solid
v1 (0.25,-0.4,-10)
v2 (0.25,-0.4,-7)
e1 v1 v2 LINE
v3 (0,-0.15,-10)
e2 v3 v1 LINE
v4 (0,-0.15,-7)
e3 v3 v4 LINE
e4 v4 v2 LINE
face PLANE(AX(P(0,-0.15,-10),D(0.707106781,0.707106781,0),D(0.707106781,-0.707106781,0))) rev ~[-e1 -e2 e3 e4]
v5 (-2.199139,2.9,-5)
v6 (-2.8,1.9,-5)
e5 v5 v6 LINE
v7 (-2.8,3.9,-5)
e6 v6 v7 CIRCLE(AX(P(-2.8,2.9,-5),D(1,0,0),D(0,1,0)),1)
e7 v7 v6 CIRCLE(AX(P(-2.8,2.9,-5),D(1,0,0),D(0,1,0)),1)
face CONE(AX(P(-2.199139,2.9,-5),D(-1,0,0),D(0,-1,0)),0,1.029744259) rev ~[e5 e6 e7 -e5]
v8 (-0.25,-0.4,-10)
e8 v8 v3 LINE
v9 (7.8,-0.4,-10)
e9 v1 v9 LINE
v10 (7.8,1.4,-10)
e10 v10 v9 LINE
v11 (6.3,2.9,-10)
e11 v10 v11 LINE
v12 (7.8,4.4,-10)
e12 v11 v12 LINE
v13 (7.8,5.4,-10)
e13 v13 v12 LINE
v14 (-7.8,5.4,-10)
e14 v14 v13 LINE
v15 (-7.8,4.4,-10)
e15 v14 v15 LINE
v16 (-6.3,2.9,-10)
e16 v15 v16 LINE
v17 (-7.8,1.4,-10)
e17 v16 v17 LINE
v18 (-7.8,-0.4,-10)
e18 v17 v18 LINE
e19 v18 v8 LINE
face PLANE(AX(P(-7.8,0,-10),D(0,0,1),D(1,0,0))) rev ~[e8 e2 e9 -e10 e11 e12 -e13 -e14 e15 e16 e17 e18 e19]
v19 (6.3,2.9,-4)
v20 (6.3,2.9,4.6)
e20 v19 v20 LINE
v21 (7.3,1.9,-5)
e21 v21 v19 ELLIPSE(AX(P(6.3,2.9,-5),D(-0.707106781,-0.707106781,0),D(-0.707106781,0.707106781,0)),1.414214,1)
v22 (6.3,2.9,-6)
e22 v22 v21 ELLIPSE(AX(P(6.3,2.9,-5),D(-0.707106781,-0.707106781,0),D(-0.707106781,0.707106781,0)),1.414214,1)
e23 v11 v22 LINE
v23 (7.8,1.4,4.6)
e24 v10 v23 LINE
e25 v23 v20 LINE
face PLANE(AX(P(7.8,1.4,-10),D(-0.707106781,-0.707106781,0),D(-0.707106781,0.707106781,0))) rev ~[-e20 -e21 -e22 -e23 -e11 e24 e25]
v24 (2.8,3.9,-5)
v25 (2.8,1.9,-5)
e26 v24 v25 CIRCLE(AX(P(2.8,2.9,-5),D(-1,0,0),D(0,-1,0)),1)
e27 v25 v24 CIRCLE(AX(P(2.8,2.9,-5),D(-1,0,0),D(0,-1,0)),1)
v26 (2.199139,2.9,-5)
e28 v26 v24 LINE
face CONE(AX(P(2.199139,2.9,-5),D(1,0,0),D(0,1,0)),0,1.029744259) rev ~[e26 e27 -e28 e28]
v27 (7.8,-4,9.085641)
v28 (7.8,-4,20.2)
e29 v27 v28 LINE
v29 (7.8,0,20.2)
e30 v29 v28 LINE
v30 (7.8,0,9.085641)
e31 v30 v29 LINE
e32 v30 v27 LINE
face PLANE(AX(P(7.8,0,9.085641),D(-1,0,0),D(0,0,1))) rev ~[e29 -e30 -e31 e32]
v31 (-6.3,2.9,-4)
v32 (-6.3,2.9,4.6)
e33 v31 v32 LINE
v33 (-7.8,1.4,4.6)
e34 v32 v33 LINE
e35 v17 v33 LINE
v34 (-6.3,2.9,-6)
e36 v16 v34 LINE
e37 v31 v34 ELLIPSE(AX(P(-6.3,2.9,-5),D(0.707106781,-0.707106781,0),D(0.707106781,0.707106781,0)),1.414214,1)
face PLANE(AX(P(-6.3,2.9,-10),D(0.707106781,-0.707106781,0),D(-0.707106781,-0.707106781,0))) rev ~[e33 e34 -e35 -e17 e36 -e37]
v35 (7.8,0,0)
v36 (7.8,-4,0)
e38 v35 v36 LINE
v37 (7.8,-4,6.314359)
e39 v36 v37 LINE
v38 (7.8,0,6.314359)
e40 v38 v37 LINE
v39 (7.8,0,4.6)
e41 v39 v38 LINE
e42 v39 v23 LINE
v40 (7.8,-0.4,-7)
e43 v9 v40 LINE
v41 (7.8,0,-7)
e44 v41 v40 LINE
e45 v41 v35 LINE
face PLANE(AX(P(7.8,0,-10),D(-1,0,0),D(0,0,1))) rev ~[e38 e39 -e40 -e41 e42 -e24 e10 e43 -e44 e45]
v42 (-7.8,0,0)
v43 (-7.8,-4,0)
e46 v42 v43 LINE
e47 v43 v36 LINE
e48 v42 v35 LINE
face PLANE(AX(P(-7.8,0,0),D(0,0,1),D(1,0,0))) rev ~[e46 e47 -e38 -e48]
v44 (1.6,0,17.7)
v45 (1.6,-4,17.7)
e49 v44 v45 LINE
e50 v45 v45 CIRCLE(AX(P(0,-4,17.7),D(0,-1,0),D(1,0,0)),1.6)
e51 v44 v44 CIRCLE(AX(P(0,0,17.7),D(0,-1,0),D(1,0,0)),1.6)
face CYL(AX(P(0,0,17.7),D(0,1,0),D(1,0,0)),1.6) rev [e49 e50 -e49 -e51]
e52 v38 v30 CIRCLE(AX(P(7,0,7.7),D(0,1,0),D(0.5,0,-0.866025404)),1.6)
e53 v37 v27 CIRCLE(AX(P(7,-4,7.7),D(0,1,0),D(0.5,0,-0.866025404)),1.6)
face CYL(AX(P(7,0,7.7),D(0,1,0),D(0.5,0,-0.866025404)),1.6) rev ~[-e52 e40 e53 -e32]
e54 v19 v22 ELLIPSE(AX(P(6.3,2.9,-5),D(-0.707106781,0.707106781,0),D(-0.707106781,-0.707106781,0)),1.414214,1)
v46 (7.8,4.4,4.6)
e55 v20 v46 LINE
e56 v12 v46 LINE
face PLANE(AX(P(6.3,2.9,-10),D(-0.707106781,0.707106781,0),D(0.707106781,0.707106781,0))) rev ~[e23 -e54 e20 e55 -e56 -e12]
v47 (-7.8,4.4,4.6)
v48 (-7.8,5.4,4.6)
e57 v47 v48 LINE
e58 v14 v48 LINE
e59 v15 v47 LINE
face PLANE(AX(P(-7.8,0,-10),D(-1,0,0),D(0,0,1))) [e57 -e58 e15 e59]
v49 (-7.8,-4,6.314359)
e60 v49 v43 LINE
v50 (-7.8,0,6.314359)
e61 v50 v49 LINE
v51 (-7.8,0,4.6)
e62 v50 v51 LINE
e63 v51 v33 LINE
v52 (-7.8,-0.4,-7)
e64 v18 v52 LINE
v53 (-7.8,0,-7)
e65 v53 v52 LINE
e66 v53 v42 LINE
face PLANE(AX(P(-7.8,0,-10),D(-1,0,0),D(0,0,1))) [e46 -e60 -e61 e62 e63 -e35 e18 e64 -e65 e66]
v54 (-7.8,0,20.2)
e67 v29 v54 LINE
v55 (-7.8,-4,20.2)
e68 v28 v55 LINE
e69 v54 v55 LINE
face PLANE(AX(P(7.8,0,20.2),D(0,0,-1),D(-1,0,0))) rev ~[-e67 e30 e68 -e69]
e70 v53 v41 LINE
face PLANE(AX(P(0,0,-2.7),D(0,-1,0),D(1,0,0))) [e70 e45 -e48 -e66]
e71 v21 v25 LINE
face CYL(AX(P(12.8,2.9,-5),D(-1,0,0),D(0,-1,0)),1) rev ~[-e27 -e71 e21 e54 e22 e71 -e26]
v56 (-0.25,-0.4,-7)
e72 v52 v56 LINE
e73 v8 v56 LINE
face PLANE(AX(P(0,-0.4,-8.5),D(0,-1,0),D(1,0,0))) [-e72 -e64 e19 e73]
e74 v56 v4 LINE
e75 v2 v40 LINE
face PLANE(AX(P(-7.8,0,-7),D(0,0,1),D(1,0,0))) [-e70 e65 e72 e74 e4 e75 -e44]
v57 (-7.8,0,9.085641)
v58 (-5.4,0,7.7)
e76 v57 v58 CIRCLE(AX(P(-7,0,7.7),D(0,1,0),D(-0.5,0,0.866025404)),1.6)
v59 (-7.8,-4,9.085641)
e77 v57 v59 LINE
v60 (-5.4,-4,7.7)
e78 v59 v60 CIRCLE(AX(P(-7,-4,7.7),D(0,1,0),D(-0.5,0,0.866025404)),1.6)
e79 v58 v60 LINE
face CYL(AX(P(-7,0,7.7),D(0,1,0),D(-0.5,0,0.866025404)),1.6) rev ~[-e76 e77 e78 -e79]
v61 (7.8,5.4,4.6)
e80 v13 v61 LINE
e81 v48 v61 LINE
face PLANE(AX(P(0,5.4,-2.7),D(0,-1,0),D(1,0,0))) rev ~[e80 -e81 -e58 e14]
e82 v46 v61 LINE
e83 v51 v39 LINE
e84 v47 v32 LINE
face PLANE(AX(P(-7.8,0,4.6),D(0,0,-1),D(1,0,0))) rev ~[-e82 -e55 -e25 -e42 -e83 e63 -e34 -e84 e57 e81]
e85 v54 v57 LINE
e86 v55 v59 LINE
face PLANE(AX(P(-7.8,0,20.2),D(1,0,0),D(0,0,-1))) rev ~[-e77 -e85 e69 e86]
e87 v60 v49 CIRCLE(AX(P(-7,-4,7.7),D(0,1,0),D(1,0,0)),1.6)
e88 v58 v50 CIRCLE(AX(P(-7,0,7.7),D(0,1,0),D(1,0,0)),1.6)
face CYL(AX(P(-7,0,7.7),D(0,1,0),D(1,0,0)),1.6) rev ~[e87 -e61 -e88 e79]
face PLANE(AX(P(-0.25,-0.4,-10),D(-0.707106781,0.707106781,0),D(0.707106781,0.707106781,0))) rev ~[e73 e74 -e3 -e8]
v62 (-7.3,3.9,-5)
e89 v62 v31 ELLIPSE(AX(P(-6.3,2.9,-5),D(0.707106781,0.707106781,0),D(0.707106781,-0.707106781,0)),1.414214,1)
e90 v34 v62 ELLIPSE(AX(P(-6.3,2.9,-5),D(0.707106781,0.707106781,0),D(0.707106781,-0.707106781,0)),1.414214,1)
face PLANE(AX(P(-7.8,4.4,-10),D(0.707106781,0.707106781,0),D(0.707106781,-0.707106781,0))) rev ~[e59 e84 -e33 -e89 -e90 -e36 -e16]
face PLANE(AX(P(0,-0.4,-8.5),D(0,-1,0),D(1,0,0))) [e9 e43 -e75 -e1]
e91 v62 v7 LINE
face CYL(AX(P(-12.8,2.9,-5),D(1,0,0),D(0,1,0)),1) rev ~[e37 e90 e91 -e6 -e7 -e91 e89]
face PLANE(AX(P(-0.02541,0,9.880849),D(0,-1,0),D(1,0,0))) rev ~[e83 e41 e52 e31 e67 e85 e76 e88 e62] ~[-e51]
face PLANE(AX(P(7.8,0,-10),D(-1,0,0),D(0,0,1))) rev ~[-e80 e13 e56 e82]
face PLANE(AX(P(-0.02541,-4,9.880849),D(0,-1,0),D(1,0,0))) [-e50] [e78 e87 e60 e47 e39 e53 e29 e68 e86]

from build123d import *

# Parameters (mm, degrees)
F0_R           = 1.6
F1_DEPTH       = 4
F2_W           = 15.6
F2_H           = 14.6
F3_DEPTH       = 5.4
F4_W           = 15.6
F4_H           = 3
F5_DEPTH       = 0.4
F8_D           = 2
F8_DEPTH       = 5
F8_TIP         = 0.600860619
F8_ON_F7_D     = 2
F8_ON_F7_DEPTH = 5
F8_ON_F7_TIP   = 0.600860619
F10_DEPTH      = 25
F12_DEPTH      = 3


with BuildPart() as f1:
    # F0 (on Front) → F1 (new body)
    with BuildSketch(Plane.XZ):
        with BuildLine():
            Line((-7.8, 6.3143593539), (-7.8, 0))
            Line((-7.8, 0), (7.8, 0))
            Line((7.8, 0), (7.8, 6.3143593539))
            ThreePointArc((7.8, 6.3143593539), (5.4, 7.7), (7.8, 9.0856406461))
            Line((7.8, 9.0856406461), (7.8, 20.2))
            Line((7.8, 20.2), (-7.8, 20.2))
            Line((-7.8, 20.2), (-7.8, 9.0856406461))
            ThreePointArc((-7.8, 9.0856406461), (-6.2, 9.0856406461), (-5.4, 7.7))
            ThreePointArc((-5.4, 7.7), (-6.2, 6.3143593539), (-7.8, 6.3143593539))
        make_face()
        with Locations((0, 17.7)):
            Circle(F0_R, mode=Mode.SUBTRACT)
    extrude(amount=F1_DEPTH)

    # F2 (on Front) → F3 (join)
    with BuildSketch(Plane.XZ):
        with Locations((0, -2.7)):
            Rectangle(F2_W, F2_H)
    extrude(amount=-F3_DEPTH)

    # F4 (on face) → F5 (join)
    with BuildSketch(Plane.XZ):
        with Locations((0, -8.5)):
            Rectangle(F4_W, F4_H)
    extrude(amount=F5_DEPTH)

    # F8
    with Locations(Plane.YZ.offset(7.8)):
        with Locations((2.9, -5)):
            Hole(F8_D / 2, depth=F8_DEPTH)
            with Locations((0, 0, -(F8_DEPTH + F8_TIP / 2))):  # 118° drill point
                Cone(0, F8_D / 2, F8_TIP, mode=Mode.SUBTRACT)

    # F8 on F7
    with Locations(Plane(origin=(-7.8, 0, 0), x_dir=(0, -1, 0), z_dir=(-1, 0, 0))):
        with Locations((-2.9, -5)):
            Hole(F8_ON_F7_D / 2, depth=F8_ON_F7_DEPTH)
            with Locations((0, 0, -(F8_ON_F7_DEPTH + F8_ON_F7_TIP / 2))):  # 118° drill point
                Cone(0, F8_ON_F7_D / 2, F8_ON_F7_TIP, mode=Mode.SUBTRACT)

    # F9 (on face) → F10 (cut)
    with BuildSketch(Plane(origin=(0, 0, -10), x_dir=(1, 0, 0), z_dir=(0, 0, -1))):
        Polygon((-6.3, -2.9), (-7.8, -1.4), (-7.8, -4.4), align=None)
        Polygon((7.8, -4.4), (7.8, -1.4), (6.3, -2.9), align=None)
    extrude(amount=-F10_DEPTH, mode=Mode.SUBTRACT)

    # F11 (on face) → F12 (cut, through all)
    with BuildSketch(Plane(origin=(0, 0, -10), x_dir=(1, 0, 0), z_dir=(0, 0, -1))):
        Polygon((-0.25, 0.4), (0, 0.15), (0.25, 0.4), align=None)
    extrude(amount=-F12_DEPTH, mode=Mode.SUBTRACT)


solid = f1.part
